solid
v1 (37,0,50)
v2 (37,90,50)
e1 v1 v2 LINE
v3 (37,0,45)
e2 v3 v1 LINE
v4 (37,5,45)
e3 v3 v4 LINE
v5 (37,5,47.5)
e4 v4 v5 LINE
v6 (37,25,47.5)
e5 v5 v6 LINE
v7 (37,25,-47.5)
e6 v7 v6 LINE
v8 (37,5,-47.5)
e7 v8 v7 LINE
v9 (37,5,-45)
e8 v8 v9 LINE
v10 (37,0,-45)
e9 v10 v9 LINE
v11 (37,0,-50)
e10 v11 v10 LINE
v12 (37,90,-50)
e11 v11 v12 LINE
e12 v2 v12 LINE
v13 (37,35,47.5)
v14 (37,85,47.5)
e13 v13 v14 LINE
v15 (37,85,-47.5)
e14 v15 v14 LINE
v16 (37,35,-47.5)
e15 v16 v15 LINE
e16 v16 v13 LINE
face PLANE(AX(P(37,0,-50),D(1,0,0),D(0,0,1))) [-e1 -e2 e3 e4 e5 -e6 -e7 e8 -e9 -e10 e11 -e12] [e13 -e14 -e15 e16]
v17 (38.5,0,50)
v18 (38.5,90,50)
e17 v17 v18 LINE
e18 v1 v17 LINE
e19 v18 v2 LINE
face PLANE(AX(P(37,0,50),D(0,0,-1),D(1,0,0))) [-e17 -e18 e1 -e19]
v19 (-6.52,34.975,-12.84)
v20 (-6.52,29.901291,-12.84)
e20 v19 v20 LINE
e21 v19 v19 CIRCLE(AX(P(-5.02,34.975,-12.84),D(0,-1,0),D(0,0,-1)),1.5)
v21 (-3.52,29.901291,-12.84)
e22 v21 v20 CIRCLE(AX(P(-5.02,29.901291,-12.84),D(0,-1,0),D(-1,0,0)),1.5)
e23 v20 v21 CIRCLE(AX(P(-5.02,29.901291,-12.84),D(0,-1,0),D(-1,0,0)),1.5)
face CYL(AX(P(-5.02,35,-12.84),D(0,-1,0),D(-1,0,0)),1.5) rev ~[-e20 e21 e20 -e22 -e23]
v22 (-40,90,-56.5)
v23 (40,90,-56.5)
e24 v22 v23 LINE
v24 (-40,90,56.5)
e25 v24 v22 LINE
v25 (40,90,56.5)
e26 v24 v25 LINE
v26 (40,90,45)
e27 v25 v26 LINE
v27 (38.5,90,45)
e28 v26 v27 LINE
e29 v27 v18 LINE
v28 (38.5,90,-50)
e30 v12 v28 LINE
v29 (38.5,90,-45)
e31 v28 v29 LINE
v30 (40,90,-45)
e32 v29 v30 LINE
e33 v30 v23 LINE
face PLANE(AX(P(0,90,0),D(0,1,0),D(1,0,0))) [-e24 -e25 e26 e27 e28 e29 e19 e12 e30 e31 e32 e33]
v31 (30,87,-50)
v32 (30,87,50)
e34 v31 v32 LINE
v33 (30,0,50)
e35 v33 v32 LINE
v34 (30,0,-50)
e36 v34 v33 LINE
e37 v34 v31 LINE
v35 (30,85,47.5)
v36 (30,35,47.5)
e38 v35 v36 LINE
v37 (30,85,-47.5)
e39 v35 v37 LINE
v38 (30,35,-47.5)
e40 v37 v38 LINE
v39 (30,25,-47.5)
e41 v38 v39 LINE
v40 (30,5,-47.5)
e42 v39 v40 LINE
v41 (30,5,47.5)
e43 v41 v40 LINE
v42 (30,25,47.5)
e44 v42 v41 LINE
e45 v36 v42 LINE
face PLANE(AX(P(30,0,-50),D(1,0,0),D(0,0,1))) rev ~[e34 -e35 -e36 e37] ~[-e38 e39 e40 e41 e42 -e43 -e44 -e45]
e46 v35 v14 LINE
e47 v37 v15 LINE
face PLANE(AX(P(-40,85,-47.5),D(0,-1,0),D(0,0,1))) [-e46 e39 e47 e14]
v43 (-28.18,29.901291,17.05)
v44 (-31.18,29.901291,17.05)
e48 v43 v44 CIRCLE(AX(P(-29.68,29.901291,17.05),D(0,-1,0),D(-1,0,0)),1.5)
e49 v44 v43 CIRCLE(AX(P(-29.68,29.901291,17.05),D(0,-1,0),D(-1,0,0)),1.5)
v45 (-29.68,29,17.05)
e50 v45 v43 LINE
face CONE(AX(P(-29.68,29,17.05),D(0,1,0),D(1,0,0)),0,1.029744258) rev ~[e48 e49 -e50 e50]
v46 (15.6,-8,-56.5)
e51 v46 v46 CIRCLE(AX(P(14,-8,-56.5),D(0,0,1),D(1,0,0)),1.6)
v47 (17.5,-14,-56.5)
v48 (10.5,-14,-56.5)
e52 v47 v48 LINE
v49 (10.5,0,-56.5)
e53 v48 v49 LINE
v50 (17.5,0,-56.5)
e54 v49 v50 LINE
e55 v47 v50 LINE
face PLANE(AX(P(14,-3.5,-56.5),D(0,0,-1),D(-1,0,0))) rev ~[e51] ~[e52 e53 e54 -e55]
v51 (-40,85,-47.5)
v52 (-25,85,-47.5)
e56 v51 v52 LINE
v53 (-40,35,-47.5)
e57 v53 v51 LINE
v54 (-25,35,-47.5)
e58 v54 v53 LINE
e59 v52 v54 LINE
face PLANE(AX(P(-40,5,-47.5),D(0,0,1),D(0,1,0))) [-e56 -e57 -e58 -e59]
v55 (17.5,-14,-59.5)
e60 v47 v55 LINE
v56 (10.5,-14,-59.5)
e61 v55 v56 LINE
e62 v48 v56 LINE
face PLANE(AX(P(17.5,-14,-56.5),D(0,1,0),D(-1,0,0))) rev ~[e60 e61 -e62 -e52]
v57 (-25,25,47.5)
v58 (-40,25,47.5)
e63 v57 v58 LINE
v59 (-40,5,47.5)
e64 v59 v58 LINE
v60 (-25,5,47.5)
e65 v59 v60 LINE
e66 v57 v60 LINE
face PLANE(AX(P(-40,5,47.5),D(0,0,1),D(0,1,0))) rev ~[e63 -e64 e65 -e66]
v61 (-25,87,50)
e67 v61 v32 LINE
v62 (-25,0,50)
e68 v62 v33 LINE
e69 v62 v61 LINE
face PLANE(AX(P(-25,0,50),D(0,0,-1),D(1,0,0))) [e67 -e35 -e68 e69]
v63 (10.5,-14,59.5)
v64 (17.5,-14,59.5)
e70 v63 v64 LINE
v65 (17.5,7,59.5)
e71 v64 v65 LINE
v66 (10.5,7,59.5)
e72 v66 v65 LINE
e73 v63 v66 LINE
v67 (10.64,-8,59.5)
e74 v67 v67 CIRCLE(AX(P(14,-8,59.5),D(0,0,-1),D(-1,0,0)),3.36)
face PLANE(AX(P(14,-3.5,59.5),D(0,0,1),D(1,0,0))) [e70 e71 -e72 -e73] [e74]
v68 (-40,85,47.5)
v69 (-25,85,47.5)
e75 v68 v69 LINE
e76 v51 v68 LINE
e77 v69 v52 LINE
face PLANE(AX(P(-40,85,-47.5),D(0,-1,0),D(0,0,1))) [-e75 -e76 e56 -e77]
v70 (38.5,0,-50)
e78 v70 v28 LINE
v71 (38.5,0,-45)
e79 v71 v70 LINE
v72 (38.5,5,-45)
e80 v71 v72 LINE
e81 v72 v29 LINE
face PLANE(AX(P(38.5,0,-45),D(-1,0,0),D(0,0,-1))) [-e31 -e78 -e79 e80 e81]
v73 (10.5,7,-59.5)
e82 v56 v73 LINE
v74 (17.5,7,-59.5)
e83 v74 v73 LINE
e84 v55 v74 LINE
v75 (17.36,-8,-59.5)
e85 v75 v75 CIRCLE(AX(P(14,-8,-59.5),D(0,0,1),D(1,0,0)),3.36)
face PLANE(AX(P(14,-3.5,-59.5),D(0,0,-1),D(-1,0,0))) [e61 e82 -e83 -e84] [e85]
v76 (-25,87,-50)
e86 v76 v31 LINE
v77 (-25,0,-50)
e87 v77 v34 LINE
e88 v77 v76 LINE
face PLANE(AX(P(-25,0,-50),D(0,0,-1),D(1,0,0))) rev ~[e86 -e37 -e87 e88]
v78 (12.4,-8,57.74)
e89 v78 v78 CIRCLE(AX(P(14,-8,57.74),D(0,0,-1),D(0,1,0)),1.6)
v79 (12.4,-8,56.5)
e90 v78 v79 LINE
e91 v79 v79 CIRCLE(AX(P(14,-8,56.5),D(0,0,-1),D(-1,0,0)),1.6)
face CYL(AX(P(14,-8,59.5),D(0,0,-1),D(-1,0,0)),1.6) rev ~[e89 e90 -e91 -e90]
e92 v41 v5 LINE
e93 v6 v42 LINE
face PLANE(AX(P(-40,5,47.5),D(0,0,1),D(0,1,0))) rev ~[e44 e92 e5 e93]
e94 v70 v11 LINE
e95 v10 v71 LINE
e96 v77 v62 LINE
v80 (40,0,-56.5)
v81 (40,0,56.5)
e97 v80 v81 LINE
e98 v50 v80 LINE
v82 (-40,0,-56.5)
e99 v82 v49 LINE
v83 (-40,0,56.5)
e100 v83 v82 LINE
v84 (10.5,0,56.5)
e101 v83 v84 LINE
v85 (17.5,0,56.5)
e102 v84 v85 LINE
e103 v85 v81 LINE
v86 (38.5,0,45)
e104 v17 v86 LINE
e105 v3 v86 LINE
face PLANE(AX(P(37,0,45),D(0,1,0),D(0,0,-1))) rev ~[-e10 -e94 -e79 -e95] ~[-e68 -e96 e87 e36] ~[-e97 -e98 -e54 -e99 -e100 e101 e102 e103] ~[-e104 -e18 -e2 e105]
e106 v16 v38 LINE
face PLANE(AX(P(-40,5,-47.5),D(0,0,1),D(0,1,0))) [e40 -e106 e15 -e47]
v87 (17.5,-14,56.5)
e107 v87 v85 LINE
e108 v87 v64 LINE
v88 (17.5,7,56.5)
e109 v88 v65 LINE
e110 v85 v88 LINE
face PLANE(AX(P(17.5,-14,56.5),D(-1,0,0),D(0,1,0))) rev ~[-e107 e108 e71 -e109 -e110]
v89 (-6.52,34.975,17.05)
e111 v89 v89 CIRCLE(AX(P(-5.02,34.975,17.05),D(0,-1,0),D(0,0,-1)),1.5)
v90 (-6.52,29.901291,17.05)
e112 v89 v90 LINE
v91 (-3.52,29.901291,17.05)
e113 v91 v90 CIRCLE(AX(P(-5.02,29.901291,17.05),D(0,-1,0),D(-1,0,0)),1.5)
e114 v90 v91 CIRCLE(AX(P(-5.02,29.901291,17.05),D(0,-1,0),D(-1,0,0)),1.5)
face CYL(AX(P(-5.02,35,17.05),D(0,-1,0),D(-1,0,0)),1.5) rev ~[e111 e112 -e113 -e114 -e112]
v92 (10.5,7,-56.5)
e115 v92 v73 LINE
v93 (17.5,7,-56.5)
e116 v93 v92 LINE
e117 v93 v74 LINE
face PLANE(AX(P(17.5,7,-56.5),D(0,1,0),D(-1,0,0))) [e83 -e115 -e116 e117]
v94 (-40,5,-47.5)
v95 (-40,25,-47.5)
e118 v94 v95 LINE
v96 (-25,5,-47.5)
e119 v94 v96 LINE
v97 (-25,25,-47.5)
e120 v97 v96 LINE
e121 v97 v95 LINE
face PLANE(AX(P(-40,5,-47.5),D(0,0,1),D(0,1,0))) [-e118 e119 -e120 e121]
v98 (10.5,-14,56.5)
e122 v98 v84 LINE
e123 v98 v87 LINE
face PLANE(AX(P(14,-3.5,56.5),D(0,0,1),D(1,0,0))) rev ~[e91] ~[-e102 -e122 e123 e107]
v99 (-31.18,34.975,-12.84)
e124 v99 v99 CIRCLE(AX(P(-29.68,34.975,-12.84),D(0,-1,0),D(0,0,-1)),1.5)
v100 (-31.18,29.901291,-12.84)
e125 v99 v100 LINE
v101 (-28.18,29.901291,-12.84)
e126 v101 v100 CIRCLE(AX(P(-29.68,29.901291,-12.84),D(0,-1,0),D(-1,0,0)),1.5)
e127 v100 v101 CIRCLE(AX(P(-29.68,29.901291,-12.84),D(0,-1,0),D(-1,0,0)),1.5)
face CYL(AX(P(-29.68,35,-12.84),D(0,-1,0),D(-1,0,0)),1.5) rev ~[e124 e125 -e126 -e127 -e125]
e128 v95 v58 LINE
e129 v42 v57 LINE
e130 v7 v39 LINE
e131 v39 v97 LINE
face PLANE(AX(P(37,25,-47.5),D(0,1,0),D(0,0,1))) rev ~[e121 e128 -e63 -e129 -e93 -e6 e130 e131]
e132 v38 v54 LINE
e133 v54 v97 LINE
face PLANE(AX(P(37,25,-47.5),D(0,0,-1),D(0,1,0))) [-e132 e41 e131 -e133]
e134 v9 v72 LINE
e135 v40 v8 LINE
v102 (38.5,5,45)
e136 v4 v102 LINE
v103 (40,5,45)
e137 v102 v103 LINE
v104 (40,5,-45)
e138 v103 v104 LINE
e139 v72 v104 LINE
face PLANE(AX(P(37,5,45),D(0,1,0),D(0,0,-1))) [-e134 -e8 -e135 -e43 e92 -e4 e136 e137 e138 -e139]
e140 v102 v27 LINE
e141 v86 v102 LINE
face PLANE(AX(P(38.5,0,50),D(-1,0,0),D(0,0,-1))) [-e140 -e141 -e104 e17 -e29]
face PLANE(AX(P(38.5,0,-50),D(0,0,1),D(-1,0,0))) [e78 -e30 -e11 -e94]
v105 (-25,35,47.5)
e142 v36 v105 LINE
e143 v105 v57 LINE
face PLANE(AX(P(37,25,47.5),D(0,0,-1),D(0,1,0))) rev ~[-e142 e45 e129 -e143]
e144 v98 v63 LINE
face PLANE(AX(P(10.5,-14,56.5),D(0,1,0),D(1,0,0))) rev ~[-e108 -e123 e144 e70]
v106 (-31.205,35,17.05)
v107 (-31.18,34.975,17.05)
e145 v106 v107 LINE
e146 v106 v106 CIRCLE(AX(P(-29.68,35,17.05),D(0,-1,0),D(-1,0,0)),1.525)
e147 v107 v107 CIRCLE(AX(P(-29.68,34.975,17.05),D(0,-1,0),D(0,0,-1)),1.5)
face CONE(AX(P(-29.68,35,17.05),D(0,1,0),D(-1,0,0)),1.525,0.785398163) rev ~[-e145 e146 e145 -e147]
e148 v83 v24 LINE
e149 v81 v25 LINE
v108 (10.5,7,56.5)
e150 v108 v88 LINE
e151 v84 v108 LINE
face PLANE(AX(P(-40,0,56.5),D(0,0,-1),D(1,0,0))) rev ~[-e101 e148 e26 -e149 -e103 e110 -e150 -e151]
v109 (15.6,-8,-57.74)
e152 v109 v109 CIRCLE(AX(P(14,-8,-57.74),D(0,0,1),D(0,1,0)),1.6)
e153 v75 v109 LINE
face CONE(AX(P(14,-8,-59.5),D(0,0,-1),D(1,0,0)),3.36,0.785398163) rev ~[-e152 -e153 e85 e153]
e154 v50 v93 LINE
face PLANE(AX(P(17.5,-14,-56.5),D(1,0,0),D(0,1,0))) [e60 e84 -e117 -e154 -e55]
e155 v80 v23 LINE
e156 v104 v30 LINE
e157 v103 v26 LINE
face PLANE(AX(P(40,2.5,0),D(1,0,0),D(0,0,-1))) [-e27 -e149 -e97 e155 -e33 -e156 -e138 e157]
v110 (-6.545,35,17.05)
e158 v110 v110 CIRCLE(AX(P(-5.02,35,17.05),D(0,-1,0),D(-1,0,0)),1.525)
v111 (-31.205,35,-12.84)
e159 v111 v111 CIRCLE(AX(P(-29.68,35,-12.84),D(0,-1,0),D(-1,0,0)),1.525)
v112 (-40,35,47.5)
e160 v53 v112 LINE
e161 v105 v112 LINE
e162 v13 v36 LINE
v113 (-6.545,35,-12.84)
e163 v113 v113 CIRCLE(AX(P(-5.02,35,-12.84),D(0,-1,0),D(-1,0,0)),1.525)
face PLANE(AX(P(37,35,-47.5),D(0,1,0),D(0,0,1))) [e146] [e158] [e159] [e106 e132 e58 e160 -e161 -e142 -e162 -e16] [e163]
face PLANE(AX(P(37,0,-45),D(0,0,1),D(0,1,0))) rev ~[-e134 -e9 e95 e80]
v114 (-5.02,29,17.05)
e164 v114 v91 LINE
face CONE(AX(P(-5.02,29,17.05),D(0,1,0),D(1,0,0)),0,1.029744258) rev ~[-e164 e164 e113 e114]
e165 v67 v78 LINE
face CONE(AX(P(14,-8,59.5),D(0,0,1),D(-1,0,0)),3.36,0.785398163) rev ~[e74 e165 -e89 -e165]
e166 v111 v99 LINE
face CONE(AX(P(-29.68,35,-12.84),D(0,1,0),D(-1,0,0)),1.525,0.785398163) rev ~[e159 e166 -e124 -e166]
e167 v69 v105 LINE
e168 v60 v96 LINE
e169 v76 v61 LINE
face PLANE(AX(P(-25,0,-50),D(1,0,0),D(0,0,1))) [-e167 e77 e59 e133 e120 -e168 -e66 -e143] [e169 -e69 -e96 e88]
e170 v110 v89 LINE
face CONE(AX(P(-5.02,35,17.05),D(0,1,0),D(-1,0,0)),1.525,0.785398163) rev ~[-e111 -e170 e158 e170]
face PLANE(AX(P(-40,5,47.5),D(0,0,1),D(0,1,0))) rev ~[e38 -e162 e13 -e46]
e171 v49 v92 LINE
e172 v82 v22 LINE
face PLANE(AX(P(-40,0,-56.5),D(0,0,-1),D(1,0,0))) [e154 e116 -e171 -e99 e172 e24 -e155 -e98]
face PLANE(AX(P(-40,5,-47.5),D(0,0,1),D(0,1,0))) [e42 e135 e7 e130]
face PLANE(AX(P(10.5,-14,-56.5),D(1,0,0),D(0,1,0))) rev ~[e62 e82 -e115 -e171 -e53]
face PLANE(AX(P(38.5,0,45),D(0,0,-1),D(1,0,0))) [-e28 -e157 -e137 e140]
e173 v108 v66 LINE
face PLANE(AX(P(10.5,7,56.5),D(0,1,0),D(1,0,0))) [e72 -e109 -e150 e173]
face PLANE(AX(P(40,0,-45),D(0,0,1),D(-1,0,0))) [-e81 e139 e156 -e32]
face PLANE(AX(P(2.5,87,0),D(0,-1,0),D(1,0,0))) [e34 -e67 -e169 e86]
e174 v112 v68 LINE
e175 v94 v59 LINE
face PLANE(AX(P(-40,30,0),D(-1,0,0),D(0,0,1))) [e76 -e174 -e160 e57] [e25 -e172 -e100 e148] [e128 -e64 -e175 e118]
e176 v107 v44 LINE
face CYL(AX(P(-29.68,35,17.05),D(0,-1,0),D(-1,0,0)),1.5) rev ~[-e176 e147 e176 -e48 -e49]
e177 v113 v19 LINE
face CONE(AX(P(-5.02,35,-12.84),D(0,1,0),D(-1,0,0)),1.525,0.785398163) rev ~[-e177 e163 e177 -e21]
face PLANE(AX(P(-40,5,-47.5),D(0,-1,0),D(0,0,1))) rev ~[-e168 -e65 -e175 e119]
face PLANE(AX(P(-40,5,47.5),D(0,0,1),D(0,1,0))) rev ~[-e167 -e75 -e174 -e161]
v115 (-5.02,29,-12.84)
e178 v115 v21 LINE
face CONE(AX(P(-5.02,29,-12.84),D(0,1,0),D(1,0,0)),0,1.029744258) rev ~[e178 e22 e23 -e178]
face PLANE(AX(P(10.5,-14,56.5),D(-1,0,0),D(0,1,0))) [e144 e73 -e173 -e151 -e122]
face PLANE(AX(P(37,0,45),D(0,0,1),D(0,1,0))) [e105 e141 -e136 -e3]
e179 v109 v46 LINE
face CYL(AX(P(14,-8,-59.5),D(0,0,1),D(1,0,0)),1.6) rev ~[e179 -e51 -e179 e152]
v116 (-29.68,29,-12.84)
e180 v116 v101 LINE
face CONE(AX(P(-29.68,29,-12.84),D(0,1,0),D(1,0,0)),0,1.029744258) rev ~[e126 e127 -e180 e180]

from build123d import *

# Parameters (mm, degrees)
SKETCH1_W                                            = 80
SKETCH1_H                                            = 113
BOSS_EXTRUDE1_DEPTH                                  = 90
SKETCH3_W                                            = 55
SKETCH3_H                                            = 100
CUT_EXTRUDE2_DEPTH                                   = 87
SKETCH4_W                                            = 95
SKETCH4_H                                            = 80
CUT_EXTRUDE3_DEPTH                                   = 77
SKETCH6_W                                            = 95
SKETCH6_H                                            = 10
BOSS_EXTRUDE4_DEPTH                                  = 77
CUT_EXTRUDE4_DEPTH                                   = 91
F_3_0_3_DIAMETER_HOLE1_D                             = 3
F_3_0_3_DIAMETER_HOLE1_DEPTH                         = 5.098709071
F_3_0_3_DIAMETER_HOLE1_CSINK_D                       = 3.05
F_3_0_3_DIAMETER_HOLE1_CSINK_ANGLE                   = 90
F_3_0_3_DIAMETER_HOLE1_TIP                           = 0.901290929
SKETCH11_W                                           = 90
SKETCH11_H                                           = 5
BOSS_EXTRUDE5_DEPTH                                  = 3
SKETCH12_W                                           = 7
SKETCH12_H                                           = 21
BOSS_EXTRUDE6_DEPTH                                  = 3
SKETCH13_W                                           = 7
SKETCH13_H                                           = 21
BOSS_EXTRUDE7_DEPTH                                  = 3
CSK_FOR_M3_HEX_SOCKET_COUNTERSUNK_CAP_SC_D           = 3.2
CSK_FOR_M3_HEX_SOCKET_COUNTERSUNK_CAP_SC_DEPTH       = 7.23862301
CSK_FOR_M3_HEX_SOCKET_COUNTERSUNK_CAP_SC_CSINK_D     = 6.72
CSK_FOR_M3_HEX_SOCKET_COUNTERSUNK_CAP_SC_CSINK_ANGLE = 90
CSK_FOR_M3_HEX_SOCKET_COUNTERSUNK_CAP_SC_TIP         = 0.96137699
CSK_FOR_M3_HEX_SOCKET_COUNTERSUNK_CA_2_D             = 3.2
CSK_FOR_M3_HEX_SOCKET_COUNTERSUNK_CA_2_DEPTH         = 7.23862301
CSK_FOR_M3_HEX_SOCKET_COUNTERSUNK_CA_2_CSINK_D       = 6.72
CSK_FOR_M3_HEX_SOCKET_COUNTERSUNK_CA_2_CSINK_ANGLE   = 90
CSK_FOR_M3_HEX_SOCKET_COUNTERSUNK_CA_2_TIP           = 0.96137699


with BuildPart() as part:
    # Sketch1 → Boss-Extrude1 (new body)
    with BuildSketch(Plane(origin=(0, 0, 0), x_dir=(1, 0, 0), z_dir=(0, 1, 0))):
        Rectangle(SKETCH1_W, SKETCH1_H)
    extrude(amount=BOSS_EXTRUDE1_DEPTH)

    # Sketch3 → Cut-Extrude2 (cut)
    with BuildSketch(Plane.XZ):
        with Locations((2.5, 0)):
            Rectangle(SKETCH3_W, SKETCH3_H)
    extrude(amount=-CUT_EXTRUDE2_DEPTH, mode=Mode.SUBTRACT)

    # Sketch4 → Cut-Extrude3 (cut)
    with BuildSketch(Plane.ZY.offset(40)):
        with Locations((0, 45)):
            Rectangle(SKETCH4_W, SKETCH4_H)
    extrude(amount=-CUT_EXTRUDE3_DEPTH, mode=Mode.SUBTRACT)

    # Sketch6 → Boss-Extrude4 (add)
    with BuildSketch(Plane.ZY.offset(-37)):
        with Locations((0, 30)):
            Rectangle(SKETCH6_W, SKETCH6_H)
    extrude(amount=BOSS_EXTRUDE4_DEPTH)

    # Sketch7 → Cut-Extrude4 (cut, through all)
    with BuildSketch(Plane(origin=(0, 0, 0), x_dir=(1, 0, 0), z_dir=(0, 1, 0))):
        Polygon((40, 45), (38.5, 45), (38.5, 50), (37, 50), (37, -50), (38.5, -50), (38.5, -45), (40, -45), align=None)
    extrude(amount=CUT_EXTRUDE4_DEPTH, mode=Mode.SUBTRACT)

    # Ø3.0 (3) Diameter Hole1
    with Locations(Plane(origin=(0, 35, 0), x_dir=(1, 0, 0), z_dir=(0, 1, 0))):
        with Locations((-5.02, -17.05), (-5.02, 12.84), (-29.68, 12.84), (-29.68, -17.05)):
            CounterSinkHole(F_3_0_3_DIAMETER_HOLE1_D / 2, F_3_0_3_DIAMETER_HOLE1_CSINK_D / 2, depth=F_3_0_3_DIAMETER_HOLE1_DEPTH, counter_sink_angle=F_3_0_3_DIAMETER_HOLE1_CSINK_ANGLE)
            with Locations((0, 0, -(F_3_0_3_DIAMETER_HOLE1_DEPTH + F_3_0_3_DIAMETER_HOLE1_TIP / 2))):  # 118° drill point
                Cone(0, F_3_0_3_DIAMETER_HOLE1_D / 2, F_3_0_3_DIAMETER_HOLE1_TIP, mode=Mode.SUBTRACT)

    # Sketch11 → Boss-Extrude5 (add, through all)
    with BuildSketch(Plane(origin=(37, 0, 0), x_dir=(0, 0, -1), z_dir=(1, 0, 0))):
        with Locations((0, 2.5)):
            Rectangle(SKETCH11_W, SKETCH11_H)
    extrude(amount=BOSS_EXTRUDE5_DEPTH)

    # Sketch12 → Boss-Extrude6 (add)
    with BuildSketch(Plane.XY.offset(56.5)):
        with Locations((14, -3.5)):
            Rectangle(SKETCH12_W, SKETCH12_H)
    extrude(amount=BOSS_EXTRUDE6_DEPTH)

    # Sketch13 → Boss-Extrude7 (add)
    with BuildSketch(Plane(origin=(0, 0, -56.5), x_dir=(-1, 0, 0), z_dir=(0, 0, -1))):
        with Locations((-14, -3.5)):
            Rectangle(SKETCH13_W, SKETCH13_H)
    extrude(amount=BOSS_EXTRUDE7_DEPTH)

    # CSK for M3 Hex Socket Countersunk Cap Sc
    with Locations(Plane(origin=(0, 0, -59.5), x_dir=(-1, 0, 0), z_dir=(0, 0, -1))):
        with Locations((-14, -8)):
            CounterSinkHole(CSK_FOR_M3_HEX_SOCKET_COUNTERSUNK_CAP_SC_D / 2, CSK_FOR_M3_HEX_SOCKET_COUNTERSUNK_CAP_SC_CSINK_D / 2, depth=CSK_FOR_M3_HEX_SOCKET_COUNTERSUNK_CAP_SC_DEPTH, counter_sink_angle=CSK_FOR_M3_HEX_SOCKET_COUNTERSUNK_CAP_SC_CSINK_ANGLE)
            with Locations((0, 0, -(CSK_FOR_M3_HEX_SOCKET_COUNTERSUNK_CAP_SC_DEPTH + CSK_FOR_M3_HEX_SOCKET_COUNTERSUNK_CAP_SC_TIP / 2))):  # 118° drill point
                Cone(0, CSK_FOR_M3_HEX_SOCKET_COUNTERSUNK_CAP_SC_D / 2, CSK_FOR_M3_HEX_SOCKET_COUNTERSUNK_CAP_SC_TIP, mode=Mode.SUBTRACT)

    # CSK for M3 Hex Socket Countersunk Ca 2
    with Locations(Plane.XY.offset(59.5)):
        with Locations((14, -8)):
            CounterSinkHole(CSK_FOR_M3_HEX_SOCKET_COUNTERSUNK_CA_2_D / 2, CSK_FOR_M3_HEX_SOCKET_COUNTERSUNK_CA_2_CSINK_D / 2, depth=CSK_FOR_M3_HEX_SOCKET_COUNTERSUNK_CA_2_DEPTH, counter_sink_angle=CSK_FOR_M3_HEX_SOCKET_COUNTERSUNK_CA_2_CSINK_ANGLE)
            with Locations((0, 0, -(CSK_FOR_M3_HEX_SOCKET_COUNTERSUNK_CA_2_DEPTH + CSK_FOR_M3_HEX_SOCKET_COUNTERSUNK_CA_2_TIP / 2))):  # 118° drill point
                Cone(0, CSK_FOR_M3_HEX_SOCKET_COUNTERSUNK_CA_2_D / 2, CSK_FOR_M3_HEX_SOCKET_COUNTERSUNK_CA_2_TIP, mode=Mode.SUBTRACT)


solid = part.part
